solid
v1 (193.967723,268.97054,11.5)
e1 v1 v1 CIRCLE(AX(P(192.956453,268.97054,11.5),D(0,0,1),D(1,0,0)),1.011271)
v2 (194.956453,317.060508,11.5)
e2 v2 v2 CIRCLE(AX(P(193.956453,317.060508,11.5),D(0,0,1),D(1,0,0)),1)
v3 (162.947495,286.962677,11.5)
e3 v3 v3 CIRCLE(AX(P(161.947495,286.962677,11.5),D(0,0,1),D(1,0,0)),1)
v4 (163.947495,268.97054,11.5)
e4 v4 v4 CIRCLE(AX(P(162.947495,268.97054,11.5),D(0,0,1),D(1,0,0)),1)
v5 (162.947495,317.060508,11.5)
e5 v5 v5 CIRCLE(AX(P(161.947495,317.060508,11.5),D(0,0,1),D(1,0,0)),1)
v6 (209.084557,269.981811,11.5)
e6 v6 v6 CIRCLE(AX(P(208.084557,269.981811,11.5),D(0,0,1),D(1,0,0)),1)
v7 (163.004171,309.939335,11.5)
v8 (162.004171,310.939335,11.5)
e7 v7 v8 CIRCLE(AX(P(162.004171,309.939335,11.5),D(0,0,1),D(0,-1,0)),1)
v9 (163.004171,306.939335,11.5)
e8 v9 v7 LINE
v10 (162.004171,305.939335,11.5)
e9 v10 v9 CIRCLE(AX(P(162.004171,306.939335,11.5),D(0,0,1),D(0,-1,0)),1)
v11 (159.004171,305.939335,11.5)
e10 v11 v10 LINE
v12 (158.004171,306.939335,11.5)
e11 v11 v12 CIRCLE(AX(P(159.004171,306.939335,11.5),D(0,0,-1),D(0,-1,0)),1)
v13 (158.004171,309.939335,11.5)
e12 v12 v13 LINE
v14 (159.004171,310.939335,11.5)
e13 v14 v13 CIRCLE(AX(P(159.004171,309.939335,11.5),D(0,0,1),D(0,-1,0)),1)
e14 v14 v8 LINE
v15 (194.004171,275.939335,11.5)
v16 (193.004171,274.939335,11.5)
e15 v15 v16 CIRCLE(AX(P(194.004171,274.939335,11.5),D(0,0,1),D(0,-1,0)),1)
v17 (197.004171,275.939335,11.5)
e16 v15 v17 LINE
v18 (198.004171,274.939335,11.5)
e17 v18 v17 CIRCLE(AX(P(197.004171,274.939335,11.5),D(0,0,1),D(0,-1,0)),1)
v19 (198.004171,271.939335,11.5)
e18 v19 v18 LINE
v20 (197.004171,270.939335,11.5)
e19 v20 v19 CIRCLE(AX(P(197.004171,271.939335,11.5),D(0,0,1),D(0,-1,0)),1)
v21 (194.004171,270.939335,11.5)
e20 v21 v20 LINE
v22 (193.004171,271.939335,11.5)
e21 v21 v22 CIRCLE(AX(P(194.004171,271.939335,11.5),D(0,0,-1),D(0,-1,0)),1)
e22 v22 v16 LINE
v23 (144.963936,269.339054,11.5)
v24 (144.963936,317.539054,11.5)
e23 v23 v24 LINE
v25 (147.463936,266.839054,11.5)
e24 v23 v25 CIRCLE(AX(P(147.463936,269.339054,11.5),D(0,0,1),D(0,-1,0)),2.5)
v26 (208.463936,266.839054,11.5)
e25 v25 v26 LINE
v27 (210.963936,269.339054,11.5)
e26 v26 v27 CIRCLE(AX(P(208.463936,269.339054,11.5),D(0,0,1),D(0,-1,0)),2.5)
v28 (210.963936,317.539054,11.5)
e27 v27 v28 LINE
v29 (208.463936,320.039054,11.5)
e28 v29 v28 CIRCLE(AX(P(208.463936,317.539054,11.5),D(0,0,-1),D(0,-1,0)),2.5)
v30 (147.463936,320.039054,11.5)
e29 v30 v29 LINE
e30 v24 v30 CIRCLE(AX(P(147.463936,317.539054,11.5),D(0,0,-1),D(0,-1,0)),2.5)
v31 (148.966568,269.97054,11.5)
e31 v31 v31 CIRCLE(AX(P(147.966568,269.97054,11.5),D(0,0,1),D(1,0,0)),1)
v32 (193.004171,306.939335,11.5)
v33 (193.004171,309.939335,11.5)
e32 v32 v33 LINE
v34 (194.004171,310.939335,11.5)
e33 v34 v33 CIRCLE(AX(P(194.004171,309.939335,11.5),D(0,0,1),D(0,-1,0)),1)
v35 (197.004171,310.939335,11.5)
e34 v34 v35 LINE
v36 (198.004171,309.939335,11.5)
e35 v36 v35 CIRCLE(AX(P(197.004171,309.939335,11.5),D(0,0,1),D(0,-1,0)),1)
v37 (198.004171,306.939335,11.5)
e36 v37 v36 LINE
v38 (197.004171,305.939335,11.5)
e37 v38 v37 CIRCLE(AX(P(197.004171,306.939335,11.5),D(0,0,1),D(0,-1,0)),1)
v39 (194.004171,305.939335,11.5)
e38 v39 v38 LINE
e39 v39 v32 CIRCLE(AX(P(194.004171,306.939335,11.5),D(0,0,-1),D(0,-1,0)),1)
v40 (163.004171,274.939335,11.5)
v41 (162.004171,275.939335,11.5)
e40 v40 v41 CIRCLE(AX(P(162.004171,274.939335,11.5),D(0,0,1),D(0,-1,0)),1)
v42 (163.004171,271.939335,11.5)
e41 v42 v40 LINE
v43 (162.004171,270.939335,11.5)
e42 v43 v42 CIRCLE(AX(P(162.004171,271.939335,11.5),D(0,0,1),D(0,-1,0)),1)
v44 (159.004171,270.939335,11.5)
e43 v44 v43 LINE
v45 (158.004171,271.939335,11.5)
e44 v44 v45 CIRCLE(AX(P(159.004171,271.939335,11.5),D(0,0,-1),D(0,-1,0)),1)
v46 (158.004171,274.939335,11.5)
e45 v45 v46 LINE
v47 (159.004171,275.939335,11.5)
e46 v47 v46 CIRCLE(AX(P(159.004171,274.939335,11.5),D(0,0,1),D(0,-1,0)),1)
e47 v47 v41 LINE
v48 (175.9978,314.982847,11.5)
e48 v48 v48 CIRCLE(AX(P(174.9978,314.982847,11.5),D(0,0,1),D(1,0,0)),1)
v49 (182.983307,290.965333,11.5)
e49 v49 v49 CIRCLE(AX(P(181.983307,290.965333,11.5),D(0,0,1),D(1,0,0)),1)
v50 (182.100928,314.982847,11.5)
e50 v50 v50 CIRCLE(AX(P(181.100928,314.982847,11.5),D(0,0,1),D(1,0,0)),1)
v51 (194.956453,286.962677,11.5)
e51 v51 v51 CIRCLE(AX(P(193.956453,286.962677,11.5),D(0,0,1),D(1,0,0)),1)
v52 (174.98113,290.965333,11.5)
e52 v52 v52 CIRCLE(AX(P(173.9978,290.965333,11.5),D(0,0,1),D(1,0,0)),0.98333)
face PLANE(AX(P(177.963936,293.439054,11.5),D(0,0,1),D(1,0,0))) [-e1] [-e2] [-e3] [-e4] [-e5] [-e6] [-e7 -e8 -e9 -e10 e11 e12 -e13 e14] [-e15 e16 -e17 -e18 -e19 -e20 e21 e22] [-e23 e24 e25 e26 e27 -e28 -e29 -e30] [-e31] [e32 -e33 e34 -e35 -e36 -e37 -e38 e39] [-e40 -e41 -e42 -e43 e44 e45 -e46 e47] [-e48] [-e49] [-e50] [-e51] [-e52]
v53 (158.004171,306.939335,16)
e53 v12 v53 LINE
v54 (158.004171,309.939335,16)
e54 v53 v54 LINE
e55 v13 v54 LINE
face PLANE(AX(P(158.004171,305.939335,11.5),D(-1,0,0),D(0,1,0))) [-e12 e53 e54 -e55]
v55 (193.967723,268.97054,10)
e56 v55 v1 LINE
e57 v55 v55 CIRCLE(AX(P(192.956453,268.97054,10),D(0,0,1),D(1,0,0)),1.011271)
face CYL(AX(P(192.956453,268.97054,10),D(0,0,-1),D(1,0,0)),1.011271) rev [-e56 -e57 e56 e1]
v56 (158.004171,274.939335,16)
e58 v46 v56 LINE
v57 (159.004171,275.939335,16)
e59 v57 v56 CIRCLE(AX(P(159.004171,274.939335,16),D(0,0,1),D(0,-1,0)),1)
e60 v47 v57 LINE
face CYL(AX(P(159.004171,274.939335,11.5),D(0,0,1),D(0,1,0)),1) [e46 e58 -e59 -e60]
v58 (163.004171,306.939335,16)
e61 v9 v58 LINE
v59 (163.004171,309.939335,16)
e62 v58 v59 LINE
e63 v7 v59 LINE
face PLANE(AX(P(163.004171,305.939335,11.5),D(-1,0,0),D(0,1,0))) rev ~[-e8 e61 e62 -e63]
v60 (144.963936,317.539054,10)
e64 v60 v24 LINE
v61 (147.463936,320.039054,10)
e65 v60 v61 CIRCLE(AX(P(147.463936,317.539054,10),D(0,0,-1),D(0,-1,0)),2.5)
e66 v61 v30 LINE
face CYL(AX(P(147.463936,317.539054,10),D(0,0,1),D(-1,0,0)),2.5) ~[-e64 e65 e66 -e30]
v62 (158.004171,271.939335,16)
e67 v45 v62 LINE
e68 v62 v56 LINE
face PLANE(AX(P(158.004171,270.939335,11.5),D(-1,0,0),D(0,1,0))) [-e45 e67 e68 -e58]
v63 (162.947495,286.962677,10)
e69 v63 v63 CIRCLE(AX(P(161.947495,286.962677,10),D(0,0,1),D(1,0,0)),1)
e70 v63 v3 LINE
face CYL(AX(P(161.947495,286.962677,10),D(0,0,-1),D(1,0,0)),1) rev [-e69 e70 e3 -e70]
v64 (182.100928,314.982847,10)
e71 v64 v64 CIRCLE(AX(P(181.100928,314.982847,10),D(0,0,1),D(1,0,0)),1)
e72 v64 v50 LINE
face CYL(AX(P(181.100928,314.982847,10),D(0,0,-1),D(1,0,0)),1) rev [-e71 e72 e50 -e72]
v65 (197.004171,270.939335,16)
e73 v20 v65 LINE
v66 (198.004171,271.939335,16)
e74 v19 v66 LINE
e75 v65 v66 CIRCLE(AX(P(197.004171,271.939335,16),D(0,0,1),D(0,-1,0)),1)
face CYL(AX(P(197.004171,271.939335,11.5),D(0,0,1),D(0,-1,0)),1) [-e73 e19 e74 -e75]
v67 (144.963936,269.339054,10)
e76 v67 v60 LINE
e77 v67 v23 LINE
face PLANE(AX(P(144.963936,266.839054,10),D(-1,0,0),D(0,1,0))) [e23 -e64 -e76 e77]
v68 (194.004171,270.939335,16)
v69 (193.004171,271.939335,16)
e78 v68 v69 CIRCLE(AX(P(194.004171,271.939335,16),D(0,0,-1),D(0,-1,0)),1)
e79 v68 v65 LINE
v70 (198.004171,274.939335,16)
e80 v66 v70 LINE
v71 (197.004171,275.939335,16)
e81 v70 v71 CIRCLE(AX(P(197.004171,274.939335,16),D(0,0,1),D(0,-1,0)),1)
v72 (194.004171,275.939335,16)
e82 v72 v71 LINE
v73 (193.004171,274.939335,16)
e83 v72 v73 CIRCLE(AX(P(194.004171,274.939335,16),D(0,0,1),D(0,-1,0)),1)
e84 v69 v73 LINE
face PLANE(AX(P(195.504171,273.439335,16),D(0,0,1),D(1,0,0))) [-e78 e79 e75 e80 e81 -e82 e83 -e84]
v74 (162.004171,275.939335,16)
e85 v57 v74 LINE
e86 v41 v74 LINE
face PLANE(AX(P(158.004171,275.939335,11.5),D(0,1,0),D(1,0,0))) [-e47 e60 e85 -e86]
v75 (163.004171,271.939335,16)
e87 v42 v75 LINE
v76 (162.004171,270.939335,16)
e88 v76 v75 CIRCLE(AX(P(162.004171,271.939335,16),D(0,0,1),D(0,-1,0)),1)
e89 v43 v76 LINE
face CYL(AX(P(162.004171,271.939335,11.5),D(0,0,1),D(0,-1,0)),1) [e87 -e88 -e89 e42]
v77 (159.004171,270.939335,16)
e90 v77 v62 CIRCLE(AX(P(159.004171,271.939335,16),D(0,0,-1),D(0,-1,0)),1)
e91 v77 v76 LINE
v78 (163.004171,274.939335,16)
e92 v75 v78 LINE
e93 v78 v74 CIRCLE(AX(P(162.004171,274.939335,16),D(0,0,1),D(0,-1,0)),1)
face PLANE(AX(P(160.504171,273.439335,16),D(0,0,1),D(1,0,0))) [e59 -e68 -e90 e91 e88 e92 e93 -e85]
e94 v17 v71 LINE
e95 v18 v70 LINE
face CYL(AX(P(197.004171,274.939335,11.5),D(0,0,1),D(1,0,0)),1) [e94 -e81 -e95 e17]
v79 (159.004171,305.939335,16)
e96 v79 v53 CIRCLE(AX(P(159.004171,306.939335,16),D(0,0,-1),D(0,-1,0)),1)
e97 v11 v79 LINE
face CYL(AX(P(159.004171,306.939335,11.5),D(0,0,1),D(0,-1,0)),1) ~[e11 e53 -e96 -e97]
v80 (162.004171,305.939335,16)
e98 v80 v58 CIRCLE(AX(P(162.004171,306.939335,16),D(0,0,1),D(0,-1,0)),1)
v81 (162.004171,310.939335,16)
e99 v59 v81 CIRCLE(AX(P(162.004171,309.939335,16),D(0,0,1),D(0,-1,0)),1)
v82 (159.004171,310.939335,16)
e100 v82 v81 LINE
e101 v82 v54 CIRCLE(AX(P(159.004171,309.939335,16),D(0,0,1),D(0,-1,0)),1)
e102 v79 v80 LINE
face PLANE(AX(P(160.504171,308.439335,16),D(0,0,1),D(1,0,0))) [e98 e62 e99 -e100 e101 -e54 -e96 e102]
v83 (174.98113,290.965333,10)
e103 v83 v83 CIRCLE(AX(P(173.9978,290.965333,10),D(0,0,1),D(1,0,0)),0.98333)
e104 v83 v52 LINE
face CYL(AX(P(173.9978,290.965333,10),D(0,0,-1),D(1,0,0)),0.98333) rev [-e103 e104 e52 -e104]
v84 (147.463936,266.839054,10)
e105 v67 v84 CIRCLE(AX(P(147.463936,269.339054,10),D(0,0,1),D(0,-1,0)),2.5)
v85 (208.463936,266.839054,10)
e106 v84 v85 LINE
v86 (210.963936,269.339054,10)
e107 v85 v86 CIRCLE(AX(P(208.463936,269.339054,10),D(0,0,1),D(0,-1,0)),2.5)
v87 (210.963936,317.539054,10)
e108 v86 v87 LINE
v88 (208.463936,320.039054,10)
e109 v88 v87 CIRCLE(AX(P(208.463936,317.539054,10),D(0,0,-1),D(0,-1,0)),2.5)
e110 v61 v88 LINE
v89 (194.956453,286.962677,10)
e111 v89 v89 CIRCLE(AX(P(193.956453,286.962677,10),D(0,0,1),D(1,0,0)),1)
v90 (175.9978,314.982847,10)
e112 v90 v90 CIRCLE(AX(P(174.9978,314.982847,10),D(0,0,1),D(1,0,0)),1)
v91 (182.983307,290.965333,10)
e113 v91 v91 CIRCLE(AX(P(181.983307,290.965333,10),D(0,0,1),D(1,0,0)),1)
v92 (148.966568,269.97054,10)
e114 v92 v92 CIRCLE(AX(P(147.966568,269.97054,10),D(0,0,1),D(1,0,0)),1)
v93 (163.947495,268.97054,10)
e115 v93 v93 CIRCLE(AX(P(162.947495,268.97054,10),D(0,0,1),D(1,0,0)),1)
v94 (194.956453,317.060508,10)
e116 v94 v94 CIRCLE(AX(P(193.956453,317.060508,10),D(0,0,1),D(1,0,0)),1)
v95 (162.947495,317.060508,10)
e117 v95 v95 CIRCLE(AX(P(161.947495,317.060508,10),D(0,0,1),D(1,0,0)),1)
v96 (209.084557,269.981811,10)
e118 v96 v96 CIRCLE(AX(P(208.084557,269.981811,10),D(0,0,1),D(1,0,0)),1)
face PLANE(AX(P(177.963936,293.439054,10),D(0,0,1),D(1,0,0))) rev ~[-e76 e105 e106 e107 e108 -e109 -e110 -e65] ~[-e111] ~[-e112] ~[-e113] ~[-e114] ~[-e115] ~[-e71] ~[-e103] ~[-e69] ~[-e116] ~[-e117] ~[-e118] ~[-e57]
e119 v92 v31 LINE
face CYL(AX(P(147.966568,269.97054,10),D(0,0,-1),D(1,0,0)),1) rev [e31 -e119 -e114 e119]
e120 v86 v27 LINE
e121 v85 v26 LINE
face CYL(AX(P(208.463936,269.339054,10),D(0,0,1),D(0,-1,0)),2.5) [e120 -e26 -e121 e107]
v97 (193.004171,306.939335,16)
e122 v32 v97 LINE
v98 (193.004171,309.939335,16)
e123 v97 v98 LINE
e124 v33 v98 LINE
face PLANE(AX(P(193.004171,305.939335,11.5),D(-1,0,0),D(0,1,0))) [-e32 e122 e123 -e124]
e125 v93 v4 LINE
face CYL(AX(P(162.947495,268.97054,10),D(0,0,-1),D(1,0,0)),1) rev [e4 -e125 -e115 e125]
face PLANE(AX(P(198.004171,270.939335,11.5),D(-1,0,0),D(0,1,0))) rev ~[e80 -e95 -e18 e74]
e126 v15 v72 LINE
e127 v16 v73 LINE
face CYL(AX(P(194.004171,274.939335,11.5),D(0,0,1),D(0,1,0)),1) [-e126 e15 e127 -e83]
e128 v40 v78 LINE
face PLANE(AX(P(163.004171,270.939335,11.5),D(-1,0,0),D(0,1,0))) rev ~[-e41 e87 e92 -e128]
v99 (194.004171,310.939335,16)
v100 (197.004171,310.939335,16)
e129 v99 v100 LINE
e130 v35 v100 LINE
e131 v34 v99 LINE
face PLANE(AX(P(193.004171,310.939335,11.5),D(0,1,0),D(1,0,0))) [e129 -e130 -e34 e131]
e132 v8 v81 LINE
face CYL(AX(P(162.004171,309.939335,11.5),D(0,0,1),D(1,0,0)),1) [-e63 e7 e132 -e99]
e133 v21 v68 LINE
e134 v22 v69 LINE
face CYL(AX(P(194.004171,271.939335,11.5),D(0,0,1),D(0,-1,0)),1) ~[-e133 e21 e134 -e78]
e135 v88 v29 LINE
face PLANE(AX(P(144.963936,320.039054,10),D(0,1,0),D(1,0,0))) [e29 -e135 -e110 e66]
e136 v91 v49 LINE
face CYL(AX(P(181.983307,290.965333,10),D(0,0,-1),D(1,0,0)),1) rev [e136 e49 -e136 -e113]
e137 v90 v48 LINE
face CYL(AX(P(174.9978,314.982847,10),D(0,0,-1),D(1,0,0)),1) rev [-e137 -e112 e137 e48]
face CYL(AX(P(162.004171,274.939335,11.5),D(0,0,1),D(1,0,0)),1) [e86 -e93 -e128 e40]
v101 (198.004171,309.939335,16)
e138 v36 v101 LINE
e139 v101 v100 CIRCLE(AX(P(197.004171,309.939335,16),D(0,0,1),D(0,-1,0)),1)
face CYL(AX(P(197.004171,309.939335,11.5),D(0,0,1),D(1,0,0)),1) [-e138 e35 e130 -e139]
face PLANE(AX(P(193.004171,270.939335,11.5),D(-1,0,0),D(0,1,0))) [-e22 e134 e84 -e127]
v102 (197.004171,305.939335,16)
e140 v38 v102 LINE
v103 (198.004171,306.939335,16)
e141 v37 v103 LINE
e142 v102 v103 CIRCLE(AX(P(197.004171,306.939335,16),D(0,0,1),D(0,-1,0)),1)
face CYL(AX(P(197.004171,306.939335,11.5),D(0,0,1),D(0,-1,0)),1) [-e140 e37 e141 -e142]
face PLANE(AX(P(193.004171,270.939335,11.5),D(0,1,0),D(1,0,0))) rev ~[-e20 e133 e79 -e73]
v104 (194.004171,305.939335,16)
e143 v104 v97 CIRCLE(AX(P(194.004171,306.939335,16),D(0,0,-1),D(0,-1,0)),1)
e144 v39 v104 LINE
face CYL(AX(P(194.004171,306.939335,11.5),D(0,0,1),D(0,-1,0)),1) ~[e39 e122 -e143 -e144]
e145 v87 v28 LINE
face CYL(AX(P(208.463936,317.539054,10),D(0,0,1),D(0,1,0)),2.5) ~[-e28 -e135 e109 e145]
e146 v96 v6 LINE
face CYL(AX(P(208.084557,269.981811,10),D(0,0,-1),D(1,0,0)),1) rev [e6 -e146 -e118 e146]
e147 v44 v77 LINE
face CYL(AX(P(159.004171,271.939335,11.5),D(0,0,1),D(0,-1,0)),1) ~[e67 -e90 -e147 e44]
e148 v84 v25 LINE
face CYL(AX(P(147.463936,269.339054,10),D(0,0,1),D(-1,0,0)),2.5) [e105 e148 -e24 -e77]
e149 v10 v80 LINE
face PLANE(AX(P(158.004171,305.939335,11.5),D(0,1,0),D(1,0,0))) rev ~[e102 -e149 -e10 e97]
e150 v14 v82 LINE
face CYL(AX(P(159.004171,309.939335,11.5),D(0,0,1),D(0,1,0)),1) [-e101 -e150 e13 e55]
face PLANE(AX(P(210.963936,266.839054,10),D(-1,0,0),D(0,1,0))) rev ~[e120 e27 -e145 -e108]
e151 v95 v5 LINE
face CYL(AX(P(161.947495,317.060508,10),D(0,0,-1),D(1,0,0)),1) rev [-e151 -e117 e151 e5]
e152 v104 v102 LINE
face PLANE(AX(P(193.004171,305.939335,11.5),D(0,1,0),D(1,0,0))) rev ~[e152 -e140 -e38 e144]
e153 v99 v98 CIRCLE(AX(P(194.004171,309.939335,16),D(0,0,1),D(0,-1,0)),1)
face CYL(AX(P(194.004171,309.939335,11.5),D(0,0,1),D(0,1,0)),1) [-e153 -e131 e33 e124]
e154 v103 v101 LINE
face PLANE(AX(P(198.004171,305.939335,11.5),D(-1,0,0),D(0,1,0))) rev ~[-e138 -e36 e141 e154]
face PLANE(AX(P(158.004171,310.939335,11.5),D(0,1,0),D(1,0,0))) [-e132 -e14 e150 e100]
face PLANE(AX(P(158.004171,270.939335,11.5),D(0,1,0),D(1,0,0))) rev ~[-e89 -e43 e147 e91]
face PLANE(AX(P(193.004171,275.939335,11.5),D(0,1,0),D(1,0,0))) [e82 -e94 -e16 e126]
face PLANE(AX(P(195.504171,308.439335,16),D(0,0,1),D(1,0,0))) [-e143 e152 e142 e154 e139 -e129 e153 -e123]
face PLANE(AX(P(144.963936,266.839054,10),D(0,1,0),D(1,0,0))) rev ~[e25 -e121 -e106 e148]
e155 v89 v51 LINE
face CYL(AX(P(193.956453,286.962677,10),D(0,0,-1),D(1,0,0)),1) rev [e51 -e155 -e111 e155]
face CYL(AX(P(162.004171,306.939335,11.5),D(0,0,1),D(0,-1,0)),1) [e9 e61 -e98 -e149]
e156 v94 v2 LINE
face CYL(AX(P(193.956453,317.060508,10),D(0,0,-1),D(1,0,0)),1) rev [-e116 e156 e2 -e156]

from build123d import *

# Parameters (mm, degrees)
SKETCH1_W           = 66
SKETCH1_H           = 53.2
SKETCH1_R           = 1
SKETCH1_R_2         = 0.98333
SKETCH1_R_3         = 1.011270727
BOSS_EXTRUDE1_DEPTH = 1.5
SKETCH2_W           = 5
SKETCH2_H           = 5
BOSS_EXTRUDE2_DEPTH = 4.5
FILLET1_R           = 1
FILLET2_R           = 2.5


with BuildPart() as part:
    # Sketch1 → Boss-Extrude1 (new body)
    with BuildSketch(Plane.XY.offset(10)):
        with Locations((177.963936399, 293.439054482)):
            Rectangle(SKETCH1_W, SKETCH1_H)
        with Locations((161.947495, 317.06050799)):
            Circle(SKETCH1_R, mode=Mode.SUBTRACT)
        with Locations((193.956452611, 317.06050799)):
            Circle(SKETCH1_R, mode=Mode.SUBTRACT)
        with Locations((174.997800233, 314.982847455)):
            Circle(SKETCH1_R, mode=Mode.SUBTRACT)
        with Locations((181.100928053, 314.982847455)):
            Circle(SKETCH1_R, mode=Mode.SUBTRACT)
        with Locations((173.997800233, 290.965333254)):
            Circle(SKETCH1_R_2, mode=Mode.SUBTRACT)
        with Locations((181.983306885, 290.965333254)):
            Circle(SKETCH1_R, mode=Mode.SUBTRACT)
        with Locations((161.947495, 286.962677261)):
            Circle(SKETCH1_R, mode=Mode.SUBTRACT)
        with Locations((193.956452611, 286.962677261)):
            Circle(SKETCH1_R, mode=Mode.SUBTRACT)
        with Locations((162.947495, 268.970540104)):
            Circle(SKETCH1_R, mode=Mode.SUBTRACT)
        with Locations((192.956452611, 268.970540104)):
            Circle(SKETCH1_R_3, mode=Mode.SUBTRACT)
        with Locations((208.084556857, 269.981810832)):
            Circle(SKETCH1_R, mode=Mode.SUBTRACT)
        with Locations((147.966567684, 269.970540104)):
            Circle(SKETCH1_R, mode=Mode.SUBTRACT)
    extrude(amount=BOSS_EXTRUDE1_DEPTH)

    # Sketch2 → Boss-Extrude2 (add)
    with BuildSketch(Plane.XY.offset(11.5)):
        with Locations((195.50417089, 308.439334712)):
            Rectangle(SKETCH2_W, SKETCH2_H)
        with Locations((160.50417089, 308.439334712)):
            Rectangle(SKETCH2_W, SKETCH2_H)
        with Locations((195.50417089, 273.439334712)):
            Rectangle(SKETCH2_W, SKETCH2_H)
        with Locations((160.50417089, 273.439334712)):
            Rectangle(SKETCH2_W, SKETCH2_H)
    extrude(amount=BOSS_EXTRUDE2_DEPTH)

    # Fillet1
    fillet1_edges = [part.edges().sort_by_distance(p)[0] for p in [
        (163.00417089, 275.939334712, 13.75),
        (158.00417089, 275.939334712, 13.75),
        (158.00417089, 270.939334712, 13.75),
        (163.00417089, 270.939334712, 13.75),
        (158.00417089, 310.939334712, 13.75),
        (158.00417089, 305.939334712, 13.75),
        (163.00417089, 305.939334712, 13.75),
        (163.00417089, 310.939334712, 13.75),
        (198.00417089, 310.939334712, 13.75),
        (193.00417089, 310.939334712, 13.75),
        (193.00417089, 305.939334712, 13.75),
        (198.00417089, 305.939334712, 13.75),
        (198.00417089, 275.939334712, 13.75),
        (193.00417089, 275.939334712, 13.75),
        (193.00417089, 270.939334712, 13.75),
        (198.00417089, 270.939334712, 13.75),
    ]]
    fillet(fillet1_edges, radius=FILLET1_R)

    # Fillet2
    fillet2_edges = [part.edges().sort_by_distance(p)[0] for p in [
        (144.963936399, 320.039054482, 10.75),
        (210.963936399, 320.039054482, 10.75),
        (210.963936399, 266.839054482, 10.75),
        (144.963936399, 266.839054482, 10.75),
    ]]
    fillet(fillet2_edges, radius=FILLET2_R)


solid = part.part
